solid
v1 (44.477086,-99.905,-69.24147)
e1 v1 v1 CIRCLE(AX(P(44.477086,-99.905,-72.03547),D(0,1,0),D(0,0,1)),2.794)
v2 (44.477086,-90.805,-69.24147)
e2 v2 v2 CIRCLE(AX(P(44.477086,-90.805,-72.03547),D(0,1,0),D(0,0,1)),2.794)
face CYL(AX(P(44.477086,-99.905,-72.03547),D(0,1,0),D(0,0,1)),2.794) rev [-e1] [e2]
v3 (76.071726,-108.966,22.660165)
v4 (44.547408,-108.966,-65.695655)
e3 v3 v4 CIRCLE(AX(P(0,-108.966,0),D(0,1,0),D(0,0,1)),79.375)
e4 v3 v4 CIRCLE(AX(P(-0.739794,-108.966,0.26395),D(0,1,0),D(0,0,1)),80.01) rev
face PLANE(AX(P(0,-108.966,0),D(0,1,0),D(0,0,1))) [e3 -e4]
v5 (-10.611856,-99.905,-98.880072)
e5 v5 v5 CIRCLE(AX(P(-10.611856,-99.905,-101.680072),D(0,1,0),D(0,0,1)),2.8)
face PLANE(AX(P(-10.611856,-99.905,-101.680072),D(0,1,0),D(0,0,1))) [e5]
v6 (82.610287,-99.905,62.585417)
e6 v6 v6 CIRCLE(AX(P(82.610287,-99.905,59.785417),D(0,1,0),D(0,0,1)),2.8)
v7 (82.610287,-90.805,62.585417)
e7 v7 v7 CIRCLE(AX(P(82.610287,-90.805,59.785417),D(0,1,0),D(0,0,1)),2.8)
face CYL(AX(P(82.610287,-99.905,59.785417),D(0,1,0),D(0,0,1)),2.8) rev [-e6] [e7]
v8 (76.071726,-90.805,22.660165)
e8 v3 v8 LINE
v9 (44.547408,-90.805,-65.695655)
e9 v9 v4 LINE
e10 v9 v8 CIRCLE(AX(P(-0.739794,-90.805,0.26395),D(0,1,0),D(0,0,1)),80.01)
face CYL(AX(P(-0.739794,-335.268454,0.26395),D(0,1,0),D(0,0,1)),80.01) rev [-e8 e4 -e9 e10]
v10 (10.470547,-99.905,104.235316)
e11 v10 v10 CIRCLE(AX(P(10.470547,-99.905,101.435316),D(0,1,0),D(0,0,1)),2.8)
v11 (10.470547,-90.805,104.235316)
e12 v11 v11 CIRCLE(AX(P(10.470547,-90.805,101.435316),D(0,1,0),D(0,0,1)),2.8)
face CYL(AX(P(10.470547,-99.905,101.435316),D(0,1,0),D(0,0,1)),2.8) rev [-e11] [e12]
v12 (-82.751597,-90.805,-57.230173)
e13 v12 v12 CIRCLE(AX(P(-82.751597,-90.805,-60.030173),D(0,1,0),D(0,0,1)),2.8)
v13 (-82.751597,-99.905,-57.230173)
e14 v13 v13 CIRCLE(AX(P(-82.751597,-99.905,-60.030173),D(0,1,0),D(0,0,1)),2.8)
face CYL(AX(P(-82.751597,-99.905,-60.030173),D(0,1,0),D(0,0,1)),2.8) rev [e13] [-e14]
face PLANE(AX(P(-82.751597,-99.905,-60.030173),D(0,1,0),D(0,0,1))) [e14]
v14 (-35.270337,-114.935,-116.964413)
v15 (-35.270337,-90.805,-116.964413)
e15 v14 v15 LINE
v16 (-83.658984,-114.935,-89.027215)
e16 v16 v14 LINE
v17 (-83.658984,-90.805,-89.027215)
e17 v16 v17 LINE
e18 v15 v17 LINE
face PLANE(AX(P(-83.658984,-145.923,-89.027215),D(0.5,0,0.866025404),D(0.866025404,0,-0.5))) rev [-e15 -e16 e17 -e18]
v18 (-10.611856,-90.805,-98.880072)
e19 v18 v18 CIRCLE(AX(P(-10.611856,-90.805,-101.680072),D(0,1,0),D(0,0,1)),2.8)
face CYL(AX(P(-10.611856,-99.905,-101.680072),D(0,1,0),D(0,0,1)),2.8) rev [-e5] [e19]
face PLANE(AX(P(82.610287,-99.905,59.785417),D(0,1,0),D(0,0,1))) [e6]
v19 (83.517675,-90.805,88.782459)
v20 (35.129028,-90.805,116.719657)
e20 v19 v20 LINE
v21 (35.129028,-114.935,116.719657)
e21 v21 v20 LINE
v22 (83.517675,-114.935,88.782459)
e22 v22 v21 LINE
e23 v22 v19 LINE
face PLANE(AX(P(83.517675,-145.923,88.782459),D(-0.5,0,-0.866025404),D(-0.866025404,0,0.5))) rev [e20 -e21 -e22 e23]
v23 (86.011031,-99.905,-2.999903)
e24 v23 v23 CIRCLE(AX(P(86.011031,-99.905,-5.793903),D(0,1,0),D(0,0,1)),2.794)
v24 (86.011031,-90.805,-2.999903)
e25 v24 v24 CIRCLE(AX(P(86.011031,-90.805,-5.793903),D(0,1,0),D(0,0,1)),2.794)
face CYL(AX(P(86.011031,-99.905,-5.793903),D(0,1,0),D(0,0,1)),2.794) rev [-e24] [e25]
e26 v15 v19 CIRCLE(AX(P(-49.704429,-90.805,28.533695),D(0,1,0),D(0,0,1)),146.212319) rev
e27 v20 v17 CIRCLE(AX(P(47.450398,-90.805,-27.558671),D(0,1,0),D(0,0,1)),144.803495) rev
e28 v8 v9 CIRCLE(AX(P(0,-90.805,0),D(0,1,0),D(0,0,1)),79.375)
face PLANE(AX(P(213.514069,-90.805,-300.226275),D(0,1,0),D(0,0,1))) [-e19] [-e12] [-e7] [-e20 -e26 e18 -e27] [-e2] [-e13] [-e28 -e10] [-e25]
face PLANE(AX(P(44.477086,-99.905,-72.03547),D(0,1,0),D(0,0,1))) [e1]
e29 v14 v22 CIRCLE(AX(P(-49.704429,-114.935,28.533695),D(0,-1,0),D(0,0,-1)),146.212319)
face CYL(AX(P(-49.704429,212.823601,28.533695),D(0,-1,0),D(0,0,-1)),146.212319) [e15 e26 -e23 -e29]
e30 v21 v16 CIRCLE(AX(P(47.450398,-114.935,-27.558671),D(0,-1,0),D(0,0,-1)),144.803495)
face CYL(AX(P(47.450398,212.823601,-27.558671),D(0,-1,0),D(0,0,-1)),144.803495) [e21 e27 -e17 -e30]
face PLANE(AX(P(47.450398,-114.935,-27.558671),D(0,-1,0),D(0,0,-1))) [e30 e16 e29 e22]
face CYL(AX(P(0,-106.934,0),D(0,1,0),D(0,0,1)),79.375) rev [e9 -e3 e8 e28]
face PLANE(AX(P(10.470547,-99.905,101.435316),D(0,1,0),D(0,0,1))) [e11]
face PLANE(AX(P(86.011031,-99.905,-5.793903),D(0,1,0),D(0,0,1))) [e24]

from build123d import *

# Parameters (mm, degrees)
BOSS_EXTRUDE1_DEPTH      = 8.255
SKETCH2_R                = 4.52165068
CUT_EXTRUDE1_DEPTH       = 24.892
BOSS_EXTRUDE2_DEPTH      = 2.54
BOSS_EXTRUDE2_DEPTH_BACK = 19.05
BOSS_EXTRUDE3_DEPTH      = 55.87439679
SKETCH8_W                = 306.493093546
SKETCH8_H                = 19.05
BOSS_EXTRUDE4_DEPTH      = 55.87439679
SKETCH9_R                = 88.9
BOSS_EXTRUDE5_DEPTH      = 19.05
SKETCH10_W               = 191.766813877
SKETCH10_H               = 13.52799874
BOSS_EXTRUDE6_DEPTH      = 55.87439679
SKETCH12_R               = 1.75
CUT_EXTRUDE3_DEPTH       = 25.146
SKETCH14_R               = 12.700759967
CUT_EXTRUDE4_DEPTH       = 30.48
CUT_EXTRUDE5_DEPTH       = 55.118
SKETCH16_R               = 79.375
CUT_EXTRUDE6_DEPTH       = 16.129
CUT_EXTRUDE7_DEPTH       = 8.89
CUT_EXTRUDE8_DEPTH       = 2.54
SKETCH19_W               = 282.174011185
SKETCH19_H               = 80.01
CUT_EXTRUDE9_DEPTH       = 75.946
SKETCH20_R               = 79.375
BOSS_EXTRUDE7_DEPTH      = 19.05
SKETCH21_R               = 2.8
SKETCH21_R_2             = 2.794
CUT_EXTRUDE10_DEPTH      = 9.1
SKETCH22_R               = 79.375
CUT_EXTRUDE11_DEPTH      = 18.161
BOSS_EXTRUDE8_DEPTH      = 5.08
SKETCH24_R               = 80.01
CUT_EXTRUDE12_DEPTH      = 18.161


with BuildPart() as part:
    # Sketch1 → Boss-Extrude1 (new, symmetric)
    with BuildSketch(Plane(origin=(0, 0, 0), x_dir=(1, 0, 0), z_dir=(0, 1, 0))):
        Polygon((-26.685513069, 19.73834527), (-3.435840979, 33.16154971), (26.859514241, -19.311544765), (3.609842152, -32.734749204), align=None)
    extrude(amount=BOSS_EXTRUDE1_DEPTH, both=True)

    # Sketch2 → Cut-Extrude1 (cut)
    with BuildSketch(Plane(origin=(0, 8.255, 0), x_dir=(1, 0, 0), z_dir=(0, 1, 0))):
        with Locations(Location((0, 0, 0), (0, 0, 270))):
            Circle(SKETCH2_R)
    extrude(amount=-CUT_EXTRUDE1_DEPTH, mode=Mode.SUBTRACT)

    # Sketch12 → Cut-Extrude3 (cut)
    with BuildSketch(Plane(origin=(0, 8.255, 0), x_dir=(1, 0, 0), z_dir=(0, 1, 0))):
        with Locations(Location((-3.182842434, 15.553762143, 0), (0, 0, 270))):
            Circle(SKETCH12_R)
        with Locations(Location((3.182843419, -15.553761764, 0), (0, 0, 270))):
            Circle(SKETCH12_R)
        with Locations(Location((-11.87853102, 10.533303997, 0), (0, 0, 270))):
            Circle(SKETCH12_R)
        with Locations(Location((11.878532006, -10.533303617, 0), (0, 0, 270))):
            Circle(SKETCH12_R)
    extrude(amount=-CUT_EXTRUDE3_DEPTH, mode=Mode.SUBTRACT)


with BuildPart() as body_2:
    # Sketch3 → Boss-Extrude2 (new, two sides: drawn at the far end of the back side and taken through both)
    with BuildSketch(Plane(origin=(0, 8.255, 0), x_dir=(1, 0, 0), z_dir=(0, 1, 0)).offset(-BOSS_EXTRUDE2_DEPTH_BACK)):
        Polygon((-10.314271596, 73.739239236), (-58.702918637, 45.802040841), (10.314271596, -73.739239236), (58.702918637, -45.802040841), align=None)
        Polygon((-26.685513069, 19.73834527), (3.609842152, -32.734749204), (26.859514241, -19.311544765), (-3.435840979, 33.16154971), align=None, mode=Mode.SUBTRACT)
    extrude(amount=BOSS_EXTRUDE2_DEPTH + BOSS_EXTRUDE2_DEPTH_BACK)

    # Sketch7 → Boss-Extrude3 (add)
    with BuildSketch(Plane(origin=(-24.19432352, 0, 13.968599197), x_dir=(0.5000000000000003, 0, 0.8660254037844384), z_dir=(-0.8660254037844385, 0, 0.5000000000000004))):
        Polygon((-90.607190232, 10.795), (-118.92932164, -90.805), (-97.33932164, -90.805), (-69.017190232, -10.795), (-69.017190232, 10.795), align=None)
    boss_extrude3 = extrude(amount=-BOSS_EXTRUDE3_DEPTH)

    # Sketch8 → Boss-Extrude4 (add)
    with BuildSketch(Plane(origin=(-24.19432352, 0, 13.968599197), x_dir=(0.5000000000000003, 0, 0.8660254037844384), z_dir=(-0.8660254037844385, 0, 0.5000000000000004))):
        with Locations((0, -100.33)):
            Rectangle(SKETCH8_W, SKETCH8_H)
    extrude(amount=-BOSS_EXTRUDE4_DEPTH)

    # Mirror1: Boss-Extrude3 across plane
    add(boss_extrude3.mirror(Plane(origin=(-0.070654873, 0, -0.122377831), x_dir=(-0.8660254037844366, 0, 0.5000000000000038), z_dir=(0.5000000000000041, 0, 0.8660254037844364))))

    # Sketch9 → Boss-Extrude5 (add)
    with BuildSketch(Plane(origin=(0, -90.805, 0), x_dir=(1, 0, 0), z_dir=(0, 1, 0))):
        Circle(SKETCH9_R)
    extrude(amount=-BOSS_EXTRUDE5_DEPTH)

    # Sketch10 → Boss-Extrude6 (add)
    with BuildSketch(Plane(origin=(-24.19432352, 0, 13.968599197), x_dir=(0.5000000000000047, 0, 0.866025403784436), z_dir=(-0.866025403784436, 0, 0.5000000000000047))):
        with Locations((-2.1166315, -68.398848488)):
            Rectangle(SKETCH10_W, SKETCH10_H)
    extrude(amount=-BOSS_EXTRUDE6_DEPTH)

    # Sketch14 → Cut-Extrude4 (cut)
    with BuildSketch(Plane(origin=(0, 10.795, 0), x_dir=(1, 0, 0), z_dir=(0, 1, 0))):
        with Locations(Location((24.120133011, -48.16621031, 0), (0, 0, 270))):
            Circle(SKETCH14_R)
    cut_extrude4 = extrude(amount=-CUT_EXTRUDE4_DEPTH, mode=Mode.SUBTRACT)

    # Mirror2: Cut-Extrude4 across plane
    add(cut_extrude4.mirror(Plane(origin=(-0.070654873, 0, -0.122377831), x_dir=(-0.8660254037844366, 0, 0.5000000000000038), z_dir=(0.5000000000000041, 0, 0.8660254037844364))), mode=Mode.SUBTRACT)

    # Sketch15 → Cut-Extrude5 (cut)
    with BuildSketch(Plane(origin=(0, -90.805, 0), x_dir=(1, 0, 0), z_dir=(0, 1, 0))):
        Polygon((100.817596907, -118.746803351), (83.517674594, -88.782458937), (35.129027553, -116.719657331), (52.428949866, -146.684001745), align=None)
        Polygon((-83.658984341, 89.027214598), (-35.2703373, 116.964412993), (-52.428949866, 146.684001745), (-100.817596907, 118.746803351), align=None)
    extrude(amount=-CUT_EXTRUDE5_DEPTH, mode=Mode.SUBTRACT)

    # Sketch16 → Cut-Extrude6 (cut)
    with BuildSketch(Plane(origin=(0, -90.805, 0), x_dir=(1, 0, 0), z_dir=(0, 1, 0))):
        with Locations(Location((0, 0, 0), (0, 0, 270))):
            Circle(SKETCH16_R)
    extrude(amount=-CUT_EXTRUDE6_DEPTH, mode=Mode.SUBTRACT)


with BuildPart() as cut_extrude7_tool:
    # Sketch17 → Cut-Extrude7 (new body)
    with BuildSketch(Plane(origin=(0, 10.795, 0), x_dir=(1, 0, 0), z_dir=(0, 1, 0))):
        Polygon((27.82393906, -104.066872908), (76.212586101, -76.129674513), (-31.017857396, 109.598901741), (-79.406504437, 81.661703346), align=None)
    extrude(amount=-CUT_EXTRUDE7_DEPTH)


with BuildPart() as part_1:
    add(part.part)

    # Cut-Extrude7: cut by cut_extrude7_tool
    add(cut_extrude7_tool.part, mode=Mode.SUBTRACT)

    # Sketch18 → Cut-Extrude8 (cut)
    with BuildSketch(Plane(origin=(0, 1.905, 0), x_dir=(1, 0, 0), z_dir=(0, 1, 0))):
        Polygon((-26.685513069, 19.73834527), (3.609842152, -32.734749204), (26.859514241, -19.311544765), (-3.435840979, 33.16154971), align=None)
    extrude(amount=-CUT_EXTRUDE8_DEPTH, mode=Mode.SUBTRACT)


with BuildPart() as body_2_1:
    add(body_2.part)

    # Cut-Extrude7: cut by cut_extrude7_tool
    add(cut_extrude7_tool.part, mode=Mode.SUBTRACT)

    # Sketch19 → Cut-Extrude9 (cut)
    with BuildSketch(Plane(origin=(-24.19432352, 0, 13.968599197), x_dir=(0.5000000000000047, 0, 0.866025403784436), z_dir=(-0.866025403784436, 0, 0.5000000000000047))):
        with Locations((-0.70763264, -50.8)):
            Rectangle(SKETCH19_W, SKETCH19_H)
    extrude(amount=-CUT_EXTRUDE9_DEPTH, mode=Mode.SUBTRACT)


with BuildPart() as cut_extrude9_piece_1:
    # of the separate pieces the step leaves, piece 1, a body of its own (cut_extrude9_pieces)
    add(body_2_1.part.solids().sort_by_distance((-83.658984341, -90.805, -89.027214598))[0])

    # Sketch20 → Boss-Extrude7 (add)
    with BuildSketch(Plane.XZ.offset(109.855)):
        with BuildLine():
            Line((-83.658984341, -89.027214598), (-35.2703373, -116.964412993))
            ThreePointArc((-35.2703373, -116.964412993), (76.919154391, -44.572464934), (83.517674594, 88.782458937))
            Line((83.517674594, 88.782458937), (35.129027553, 116.719657331))
            ThreePointArc((35.129027553, 116.719657331), (-77.953106839, 44.843076777), (-83.658984341, -89.027214598))
        make_face()
        with Locations(Location((0, 0, 0), (0, 0, 90))):
            Circle(SKETCH20_R, mode=Mode.SUBTRACT)
    extrude(amount=-BOSS_EXTRUDE7_DEPTH)

    # Sketch21 → Cut-Extrude10 (cut)
    with BuildSketch(Plane(origin=(0, -90.805, 0), x_dir=(1, 0, 0), z_dir=(0, 1, 0))):
        with Locations(Location((-10.611856409, 101.680071559, 0), (0, 0, 270))):
            Circle(SKETCH21_R)
        with Locations(Location((-82.751596824, 60.030173011, 0), (0, 0, 270))):
            Circle(SKETCH21_R)
        with Locations(Location((82.610287077, -59.78541735, 0), (0, 0, 270))):
            Circle(SKETCH21_R)
        with Locations(Location((10.470546662, -101.435315897, 0), (0, 0, 270))):
            Circle(SKETCH21_R)
        with Locations(Location((44.477086399, 72.035469588, 0), (0, 0, 270))):
            Circle(SKETCH21_R_2)
        with Locations(Location((86.011031333, 5.793902801, 0), (0, 0, 270))):
            Circle(SKETCH21_R_2)
    extrude(amount=-CUT_EXTRUDE10_DEPTH, mode=Mode.SUBTRACT)

    # Sketch22 → Cut-Extrude11 (cut)
    with BuildSketch(Plane(origin=(0, -90.805, 0), x_dir=(1, 0, 0), z_dir=(0, 1, 0))):
        with Locations(Location((0, 0, 0), (0, 0, 270))):
            Circle(SKETCH22_R)
    extrude(amount=-CUT_EXTRUDE11_DEPTH, mode=Mode.SUBTRACT)

    # Sketch23 → Boss-Extrude8 (add)
    with BuildSketch(Plane.XZ.offset(109.855)):
        with BuildLine():
            Line((-83.658984341, -89.027214598), (-35.2703373, -116.964412993))
            ThreePointArc((-35.2703373, -116.964412993), (76.919154391, -44.572464934), (83.517674594, 88.782458937))
            Line((83.517674594, 88.782458937), (35.129027553, 116.719657331))
            ThreePointArc((35.129027553, 116.719657331), (-77.953106839, 44.843076777), (-83.658984341, -89.027214598))
        make_face()
    extrude(amount=BOSS_EXTRUDE8_DEPTH)

    # Sketch24 → Cut-Extrude12 (cut)
    with BuildSketch(Plane(origin=(0, -90.805, 0), x_dir=(1, 0, 0), z_dir=(0, 1, 0))):
        with Locations((-0.739793922, -0.263949779)):
            Circle(SKETCH24_R)
    extrude(amount=-CUT_EXTRUDE12_DEPTH, mode=Mode.SUBTRACT)


with BuildPart() as cut_extrude9_piece_2:
    # of the separate pieces the step leaves, piece 2, a body of its own (cut_extrude9_pieces)
    add(body_2_1.part.solids().sort_by_distance((-70.737011886, 1.905, -66.645701772))[0])


with BuildPart() as cut_extrude9_piece_2_1:
    # Body-Move/Copy1: moved
    add(cut_extrude9_piece_2.part.moved(Location((0, -38.1, 0))))


with BuildPart() as part_2:
    # Body-Move/Copy1: moved
    add(part_1.part.moved(Location((0, -38.1, 0))))


with BuildPart() as cut_extrude9_piece_2_2:
    add(cut_extrude9_piece_2_1.part)

    # Combine1: union part
    add(part_2.part)


solid = cut_extrude9_piece_1.part
